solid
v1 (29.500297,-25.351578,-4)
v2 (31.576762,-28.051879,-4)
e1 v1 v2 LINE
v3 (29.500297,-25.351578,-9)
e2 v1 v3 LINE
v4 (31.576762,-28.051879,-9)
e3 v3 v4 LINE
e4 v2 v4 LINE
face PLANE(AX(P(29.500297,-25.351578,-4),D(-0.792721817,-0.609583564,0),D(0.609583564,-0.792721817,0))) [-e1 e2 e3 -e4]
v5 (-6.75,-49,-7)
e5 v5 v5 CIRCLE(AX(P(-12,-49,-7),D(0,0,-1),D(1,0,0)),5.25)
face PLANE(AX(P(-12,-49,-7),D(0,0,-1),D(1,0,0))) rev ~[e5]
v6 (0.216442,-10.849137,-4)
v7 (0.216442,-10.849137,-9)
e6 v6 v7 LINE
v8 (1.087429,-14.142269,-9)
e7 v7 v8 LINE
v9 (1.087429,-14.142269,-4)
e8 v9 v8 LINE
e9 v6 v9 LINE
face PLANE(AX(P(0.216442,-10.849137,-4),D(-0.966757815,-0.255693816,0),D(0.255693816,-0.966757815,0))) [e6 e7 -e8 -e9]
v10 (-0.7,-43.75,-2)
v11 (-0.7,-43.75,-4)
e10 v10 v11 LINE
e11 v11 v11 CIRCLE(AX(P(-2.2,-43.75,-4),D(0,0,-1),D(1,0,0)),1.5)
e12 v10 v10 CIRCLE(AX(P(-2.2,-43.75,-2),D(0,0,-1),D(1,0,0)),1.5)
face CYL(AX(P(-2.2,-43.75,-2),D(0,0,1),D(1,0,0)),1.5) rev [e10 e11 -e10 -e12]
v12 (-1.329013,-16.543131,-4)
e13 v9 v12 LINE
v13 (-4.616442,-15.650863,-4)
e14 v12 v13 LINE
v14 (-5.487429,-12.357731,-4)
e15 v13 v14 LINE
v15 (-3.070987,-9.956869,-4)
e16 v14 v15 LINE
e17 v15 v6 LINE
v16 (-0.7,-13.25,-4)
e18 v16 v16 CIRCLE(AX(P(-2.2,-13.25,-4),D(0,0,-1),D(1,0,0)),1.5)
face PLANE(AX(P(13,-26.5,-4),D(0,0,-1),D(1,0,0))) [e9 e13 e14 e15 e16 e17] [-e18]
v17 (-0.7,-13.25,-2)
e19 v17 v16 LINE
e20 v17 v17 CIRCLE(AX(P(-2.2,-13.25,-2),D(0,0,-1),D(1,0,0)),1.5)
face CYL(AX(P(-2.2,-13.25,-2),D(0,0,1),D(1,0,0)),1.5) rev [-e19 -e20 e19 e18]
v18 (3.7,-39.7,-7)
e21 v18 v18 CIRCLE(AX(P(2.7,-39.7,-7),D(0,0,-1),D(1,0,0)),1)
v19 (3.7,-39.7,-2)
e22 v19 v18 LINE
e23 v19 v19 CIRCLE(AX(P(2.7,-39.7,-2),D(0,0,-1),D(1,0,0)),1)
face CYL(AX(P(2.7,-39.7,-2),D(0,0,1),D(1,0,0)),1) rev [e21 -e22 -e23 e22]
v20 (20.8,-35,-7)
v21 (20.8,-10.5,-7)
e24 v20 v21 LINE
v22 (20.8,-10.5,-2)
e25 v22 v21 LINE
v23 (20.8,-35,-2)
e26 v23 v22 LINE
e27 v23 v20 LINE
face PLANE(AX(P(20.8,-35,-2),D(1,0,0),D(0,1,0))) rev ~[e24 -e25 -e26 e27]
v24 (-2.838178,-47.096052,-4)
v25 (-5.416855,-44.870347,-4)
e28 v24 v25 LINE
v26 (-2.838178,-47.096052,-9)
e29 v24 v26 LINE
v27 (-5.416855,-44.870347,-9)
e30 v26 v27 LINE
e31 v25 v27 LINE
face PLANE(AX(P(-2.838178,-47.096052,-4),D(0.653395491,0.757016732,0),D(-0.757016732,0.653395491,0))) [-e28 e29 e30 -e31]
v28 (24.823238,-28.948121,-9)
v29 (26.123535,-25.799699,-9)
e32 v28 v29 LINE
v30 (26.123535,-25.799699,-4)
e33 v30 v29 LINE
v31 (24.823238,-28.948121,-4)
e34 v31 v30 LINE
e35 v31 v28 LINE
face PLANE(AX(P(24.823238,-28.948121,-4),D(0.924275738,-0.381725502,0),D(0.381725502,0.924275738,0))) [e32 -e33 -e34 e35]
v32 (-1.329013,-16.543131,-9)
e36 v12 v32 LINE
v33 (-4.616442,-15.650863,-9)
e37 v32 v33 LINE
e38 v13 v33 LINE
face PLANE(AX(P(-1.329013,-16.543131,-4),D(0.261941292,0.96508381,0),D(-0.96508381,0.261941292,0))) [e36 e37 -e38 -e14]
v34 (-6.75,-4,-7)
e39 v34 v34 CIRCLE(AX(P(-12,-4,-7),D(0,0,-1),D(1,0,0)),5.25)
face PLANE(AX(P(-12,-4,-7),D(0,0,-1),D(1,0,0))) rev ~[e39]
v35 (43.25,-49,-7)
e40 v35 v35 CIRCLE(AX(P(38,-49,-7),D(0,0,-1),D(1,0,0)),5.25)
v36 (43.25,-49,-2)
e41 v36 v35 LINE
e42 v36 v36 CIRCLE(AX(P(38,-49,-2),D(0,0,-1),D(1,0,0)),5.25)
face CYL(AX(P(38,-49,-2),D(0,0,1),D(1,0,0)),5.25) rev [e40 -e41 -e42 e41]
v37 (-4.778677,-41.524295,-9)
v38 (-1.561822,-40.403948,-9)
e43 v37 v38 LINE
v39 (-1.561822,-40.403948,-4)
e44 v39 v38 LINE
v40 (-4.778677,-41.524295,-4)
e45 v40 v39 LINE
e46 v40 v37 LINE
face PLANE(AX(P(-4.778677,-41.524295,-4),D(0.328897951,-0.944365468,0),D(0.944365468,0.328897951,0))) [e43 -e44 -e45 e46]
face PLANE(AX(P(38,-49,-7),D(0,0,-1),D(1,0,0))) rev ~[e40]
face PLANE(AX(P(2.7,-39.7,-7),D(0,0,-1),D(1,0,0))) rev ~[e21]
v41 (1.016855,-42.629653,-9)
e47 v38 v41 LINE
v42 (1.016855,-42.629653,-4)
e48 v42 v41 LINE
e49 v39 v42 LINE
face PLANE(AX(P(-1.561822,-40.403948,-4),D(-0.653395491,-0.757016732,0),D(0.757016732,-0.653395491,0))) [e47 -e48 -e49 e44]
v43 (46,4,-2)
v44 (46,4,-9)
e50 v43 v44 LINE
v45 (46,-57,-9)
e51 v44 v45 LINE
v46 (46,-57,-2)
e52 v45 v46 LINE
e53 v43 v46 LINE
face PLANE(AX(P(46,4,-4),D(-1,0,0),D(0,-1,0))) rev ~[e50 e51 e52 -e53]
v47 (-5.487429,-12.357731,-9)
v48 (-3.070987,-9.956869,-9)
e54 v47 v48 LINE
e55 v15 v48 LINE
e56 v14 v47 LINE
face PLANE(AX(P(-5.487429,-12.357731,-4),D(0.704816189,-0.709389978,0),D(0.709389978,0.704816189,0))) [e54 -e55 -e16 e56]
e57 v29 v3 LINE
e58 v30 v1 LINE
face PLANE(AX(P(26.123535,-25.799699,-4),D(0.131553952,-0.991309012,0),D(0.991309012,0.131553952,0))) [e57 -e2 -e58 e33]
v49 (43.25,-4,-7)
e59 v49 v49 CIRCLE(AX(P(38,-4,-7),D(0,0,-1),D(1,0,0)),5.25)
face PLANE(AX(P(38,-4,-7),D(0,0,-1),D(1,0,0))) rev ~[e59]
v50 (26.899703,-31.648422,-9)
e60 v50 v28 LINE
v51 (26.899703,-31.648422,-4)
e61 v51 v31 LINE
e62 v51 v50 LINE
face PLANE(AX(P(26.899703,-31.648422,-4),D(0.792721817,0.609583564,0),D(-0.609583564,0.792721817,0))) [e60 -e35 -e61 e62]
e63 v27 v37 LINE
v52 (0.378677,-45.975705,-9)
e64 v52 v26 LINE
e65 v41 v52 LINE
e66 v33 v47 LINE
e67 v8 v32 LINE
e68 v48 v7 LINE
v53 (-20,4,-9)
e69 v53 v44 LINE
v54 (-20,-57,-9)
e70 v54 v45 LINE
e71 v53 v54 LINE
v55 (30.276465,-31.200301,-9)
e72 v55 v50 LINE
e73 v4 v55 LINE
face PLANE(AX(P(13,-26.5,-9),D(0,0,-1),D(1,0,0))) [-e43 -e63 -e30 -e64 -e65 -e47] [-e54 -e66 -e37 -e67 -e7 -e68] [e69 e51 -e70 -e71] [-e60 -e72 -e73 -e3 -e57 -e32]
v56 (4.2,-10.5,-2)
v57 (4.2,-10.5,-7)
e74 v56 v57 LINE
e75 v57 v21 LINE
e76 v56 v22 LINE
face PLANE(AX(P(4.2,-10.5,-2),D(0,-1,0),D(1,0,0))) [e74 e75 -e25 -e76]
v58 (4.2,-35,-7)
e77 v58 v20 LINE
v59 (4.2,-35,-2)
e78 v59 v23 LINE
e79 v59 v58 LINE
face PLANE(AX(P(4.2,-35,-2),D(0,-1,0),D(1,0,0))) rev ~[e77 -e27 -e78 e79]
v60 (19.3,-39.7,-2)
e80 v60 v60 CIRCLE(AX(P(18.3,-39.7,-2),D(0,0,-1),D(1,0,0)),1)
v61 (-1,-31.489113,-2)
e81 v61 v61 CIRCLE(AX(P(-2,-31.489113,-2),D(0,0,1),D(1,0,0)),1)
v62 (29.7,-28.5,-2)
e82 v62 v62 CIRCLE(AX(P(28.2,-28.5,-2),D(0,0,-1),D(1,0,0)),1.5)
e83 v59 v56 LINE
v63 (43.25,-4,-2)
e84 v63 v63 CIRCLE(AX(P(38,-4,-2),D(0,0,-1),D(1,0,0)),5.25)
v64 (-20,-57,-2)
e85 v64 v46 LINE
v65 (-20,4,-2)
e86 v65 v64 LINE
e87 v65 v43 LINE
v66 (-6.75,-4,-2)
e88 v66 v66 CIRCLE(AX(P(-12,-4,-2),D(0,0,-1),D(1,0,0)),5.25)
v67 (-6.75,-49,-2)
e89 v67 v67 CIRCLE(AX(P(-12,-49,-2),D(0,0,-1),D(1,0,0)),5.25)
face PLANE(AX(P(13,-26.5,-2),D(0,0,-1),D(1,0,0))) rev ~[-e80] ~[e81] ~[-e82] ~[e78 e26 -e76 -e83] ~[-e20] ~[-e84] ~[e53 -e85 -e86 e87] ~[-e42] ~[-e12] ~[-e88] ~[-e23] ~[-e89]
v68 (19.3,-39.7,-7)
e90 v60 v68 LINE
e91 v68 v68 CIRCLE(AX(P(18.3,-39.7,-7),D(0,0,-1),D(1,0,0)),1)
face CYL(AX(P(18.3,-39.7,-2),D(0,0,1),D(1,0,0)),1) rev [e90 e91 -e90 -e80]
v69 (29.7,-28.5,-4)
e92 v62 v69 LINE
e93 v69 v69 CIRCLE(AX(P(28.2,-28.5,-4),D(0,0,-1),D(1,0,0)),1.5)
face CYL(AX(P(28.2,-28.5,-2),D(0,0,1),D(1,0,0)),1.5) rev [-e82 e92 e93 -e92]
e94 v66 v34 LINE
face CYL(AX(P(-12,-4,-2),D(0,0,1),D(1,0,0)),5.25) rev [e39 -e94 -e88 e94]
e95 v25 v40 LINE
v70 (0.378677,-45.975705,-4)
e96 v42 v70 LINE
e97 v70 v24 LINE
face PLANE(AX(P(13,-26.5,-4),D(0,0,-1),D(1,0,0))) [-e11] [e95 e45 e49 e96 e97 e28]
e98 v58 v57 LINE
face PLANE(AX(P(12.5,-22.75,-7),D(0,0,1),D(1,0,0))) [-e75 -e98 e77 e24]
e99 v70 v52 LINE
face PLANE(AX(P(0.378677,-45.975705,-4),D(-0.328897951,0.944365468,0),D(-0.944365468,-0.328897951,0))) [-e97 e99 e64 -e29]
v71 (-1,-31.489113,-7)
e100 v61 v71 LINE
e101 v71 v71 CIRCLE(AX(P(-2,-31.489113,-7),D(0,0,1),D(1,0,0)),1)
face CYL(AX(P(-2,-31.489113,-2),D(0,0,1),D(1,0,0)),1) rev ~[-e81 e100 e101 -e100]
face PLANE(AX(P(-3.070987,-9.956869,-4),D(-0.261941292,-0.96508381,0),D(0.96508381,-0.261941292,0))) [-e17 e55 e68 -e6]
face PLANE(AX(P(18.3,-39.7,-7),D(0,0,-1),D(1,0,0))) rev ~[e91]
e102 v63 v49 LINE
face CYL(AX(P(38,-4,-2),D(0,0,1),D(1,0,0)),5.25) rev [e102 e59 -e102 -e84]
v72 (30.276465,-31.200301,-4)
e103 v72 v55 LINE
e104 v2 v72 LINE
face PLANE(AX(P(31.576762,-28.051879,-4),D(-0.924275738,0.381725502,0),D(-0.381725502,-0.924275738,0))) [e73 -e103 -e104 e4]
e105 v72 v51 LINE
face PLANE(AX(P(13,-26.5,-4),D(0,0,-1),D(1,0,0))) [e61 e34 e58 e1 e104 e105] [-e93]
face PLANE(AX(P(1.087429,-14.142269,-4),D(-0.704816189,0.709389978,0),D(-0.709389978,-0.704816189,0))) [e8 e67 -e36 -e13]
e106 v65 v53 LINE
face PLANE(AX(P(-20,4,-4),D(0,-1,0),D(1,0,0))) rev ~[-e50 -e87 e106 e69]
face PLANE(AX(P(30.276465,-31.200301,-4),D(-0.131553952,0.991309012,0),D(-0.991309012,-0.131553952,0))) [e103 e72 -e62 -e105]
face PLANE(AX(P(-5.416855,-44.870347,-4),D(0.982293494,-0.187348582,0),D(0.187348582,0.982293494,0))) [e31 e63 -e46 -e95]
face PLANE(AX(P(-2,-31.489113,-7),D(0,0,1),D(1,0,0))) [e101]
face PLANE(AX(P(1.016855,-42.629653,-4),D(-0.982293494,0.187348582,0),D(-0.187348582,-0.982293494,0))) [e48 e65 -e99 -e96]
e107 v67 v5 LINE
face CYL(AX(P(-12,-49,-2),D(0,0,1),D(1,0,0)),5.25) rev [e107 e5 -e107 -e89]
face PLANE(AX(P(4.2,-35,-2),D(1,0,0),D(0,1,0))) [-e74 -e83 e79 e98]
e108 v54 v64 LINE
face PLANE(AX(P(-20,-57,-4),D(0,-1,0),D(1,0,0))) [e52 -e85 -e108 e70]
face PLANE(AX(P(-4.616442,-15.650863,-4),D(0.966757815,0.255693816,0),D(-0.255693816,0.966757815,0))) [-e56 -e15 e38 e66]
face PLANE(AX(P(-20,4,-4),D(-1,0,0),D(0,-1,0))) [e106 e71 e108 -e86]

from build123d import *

# Parameters (mm, degrees)
SKETCH023_W     = 66
SKETCH023_H     = 61
SKETCH023_R     = 1.5
SKETCH023_R_2   = 1
SKETCH023_R_3   = 5.25
PAD016_DEPTH    = 2
SKETCH025_W     = 66
SKETCH025_H     = 61
PAD017_DEPTH    = 5
SKETCH024_R     = 5.25
SKETCH024_R_2   = 1
POCKET006_DEPTH = 3
SKETCH026_W     = 16.6
SKETCH026_H     = 24.5
POCKET007_DEPTH = 5
SKETCH029_R     = 1
POCKET009_DEPTH = 5


with BuildPart() as part:
    # Sketch023 (on DatumPlane) → Pad016 (new body)
    with BuildSketch(Plane(origin=(0, 0, -2), x_dir=(1, 0, 0), z_dir=(0, 0, -1))):
        with Locations((13, 26.5)):
            Rectangle(SKETCH023_W, SKETCH023_H)
        with Locations((-2.2, 43.75)):
            Circle(SKETCH023_R, mode=Mode.SUBTRACT)
        with Locations((2.7, 39.7)):
            Circle(SKETCH023_R_2, mode=Mode.SUBTRACT)
        with Locations((18.3, 39.7)):
            Circle(SKETCH023_R_2, mode=Mode.SUBTRACT)
        with Locations((28.2, 28.5)):
            Circle(SKETCH023_R, mode=Mode.SUBTRACT)
        with Locations((-2.2, 13.25)):
            Circle(SKETCH023_R, mode=Mode.SUBTRACT)
        with Locations((-12, 49)):
            Circle(SKETCH023_R_3, mode=Mode.SUBTRACT)
        with Locations((38, 49)):
            Circle(SKETCH023_R_3, mode=Mode.SUBTRACT)
        with Locations((-12, 4)):
            Circle(SKETCH023_R_3, mode=Mode.SUBTRACT)
        with Locations((38, 4)):
            Circle(SKETCH023_R_3, mode=Mode.SUBTRACT)
    extrude(amount=PAD016_DEPTH)

    # Sketch025 (on Face15 of Pad016) → Pad017 (join)
    with BuildSketch(Plane(origin=(0, 0, -4), x_dir=(1, 0, 0), z_dir=(0, 0, -1))):
        with Locations((13, 26.5)):
            Rectangle(SKETCH025_W, SKETCH025_H)
        Polygon((-2.838178, 47.096052), (-5.416855, 44.870347), (-4.778677, 41.524295), (-1.561822, 40.403948), (1.016855, 42.629653), (0.378677, 45.975705), align=None, mode=Mode.SUBTRACT)
        Polygon((29.500297, 25.351578), (31.576762, 28.051879), (30.276465, 31.200301), (26.899703, 31.648422), (24.823238, 28.948121), (26.123535, 25.799699), align=None, mode=Mode.SUBTRACT)
        Polygon((1.087429, 14.142269), (-1.329013, 16.543131), (-4.616442, 15.650863), (-5.487429, 12.357731), (-3.070987, 9.956869), (0.216442, 10.849137), align=None, mode=Mode.SUBTRACT)
    extrude(amount=PAD017_DEPTH)

    # Sketch024 (on Face15 of Pad016) → Pocket006 (cut)
    with BuildSketch(Plane(origin=(0, 0, -4), x_dir=(1, 0, 0), z_dir=(0, 0, -1))):
        with Locations((-12, 4)):
            Circle(SKETCH024_R)
        with Locations((-12, 49)):
            Circle(SKETCH024_R)
        with Locations((38, 49)):
            Circle(SKETCH024_R)
        with Locations((38, 4)):
            Circle(SKETCH024_R)
        with Locations((2.7, 39.7)):
            Circle(SKETCH024_R_2)
        with Locations((18.3, 39.7)):
            Circle(SKETCH024_R_2)
    extrude(amount=POCKET006_DEPTH, mode=Mode.SUBTRACT)

    # Sketch026 (on Face4 of Pocket006) → Pocket007 (cut)
    with BuildSketch(Plane.XY.offset(-2)):
        with Locations((12.5, -22.75)):
            Rectangle(SKETCH026_W, SKETCH026_H)
    extrude(amount=-POCKET007_DEPTH, mode=Mode.SUBTRACT)

    # Sketch029 (on Face4 of Pocket007) → Pocket009 (cut)
    with BuildSketch(Plane.XY.offset(-2)):
        with Locations((-2, -31.489113)):
            Circle(SKETCH029_R)
    extrude(amount=-POCKET009_DEPTH, mode=Mode.SUBTRACT)


solid = part.part
